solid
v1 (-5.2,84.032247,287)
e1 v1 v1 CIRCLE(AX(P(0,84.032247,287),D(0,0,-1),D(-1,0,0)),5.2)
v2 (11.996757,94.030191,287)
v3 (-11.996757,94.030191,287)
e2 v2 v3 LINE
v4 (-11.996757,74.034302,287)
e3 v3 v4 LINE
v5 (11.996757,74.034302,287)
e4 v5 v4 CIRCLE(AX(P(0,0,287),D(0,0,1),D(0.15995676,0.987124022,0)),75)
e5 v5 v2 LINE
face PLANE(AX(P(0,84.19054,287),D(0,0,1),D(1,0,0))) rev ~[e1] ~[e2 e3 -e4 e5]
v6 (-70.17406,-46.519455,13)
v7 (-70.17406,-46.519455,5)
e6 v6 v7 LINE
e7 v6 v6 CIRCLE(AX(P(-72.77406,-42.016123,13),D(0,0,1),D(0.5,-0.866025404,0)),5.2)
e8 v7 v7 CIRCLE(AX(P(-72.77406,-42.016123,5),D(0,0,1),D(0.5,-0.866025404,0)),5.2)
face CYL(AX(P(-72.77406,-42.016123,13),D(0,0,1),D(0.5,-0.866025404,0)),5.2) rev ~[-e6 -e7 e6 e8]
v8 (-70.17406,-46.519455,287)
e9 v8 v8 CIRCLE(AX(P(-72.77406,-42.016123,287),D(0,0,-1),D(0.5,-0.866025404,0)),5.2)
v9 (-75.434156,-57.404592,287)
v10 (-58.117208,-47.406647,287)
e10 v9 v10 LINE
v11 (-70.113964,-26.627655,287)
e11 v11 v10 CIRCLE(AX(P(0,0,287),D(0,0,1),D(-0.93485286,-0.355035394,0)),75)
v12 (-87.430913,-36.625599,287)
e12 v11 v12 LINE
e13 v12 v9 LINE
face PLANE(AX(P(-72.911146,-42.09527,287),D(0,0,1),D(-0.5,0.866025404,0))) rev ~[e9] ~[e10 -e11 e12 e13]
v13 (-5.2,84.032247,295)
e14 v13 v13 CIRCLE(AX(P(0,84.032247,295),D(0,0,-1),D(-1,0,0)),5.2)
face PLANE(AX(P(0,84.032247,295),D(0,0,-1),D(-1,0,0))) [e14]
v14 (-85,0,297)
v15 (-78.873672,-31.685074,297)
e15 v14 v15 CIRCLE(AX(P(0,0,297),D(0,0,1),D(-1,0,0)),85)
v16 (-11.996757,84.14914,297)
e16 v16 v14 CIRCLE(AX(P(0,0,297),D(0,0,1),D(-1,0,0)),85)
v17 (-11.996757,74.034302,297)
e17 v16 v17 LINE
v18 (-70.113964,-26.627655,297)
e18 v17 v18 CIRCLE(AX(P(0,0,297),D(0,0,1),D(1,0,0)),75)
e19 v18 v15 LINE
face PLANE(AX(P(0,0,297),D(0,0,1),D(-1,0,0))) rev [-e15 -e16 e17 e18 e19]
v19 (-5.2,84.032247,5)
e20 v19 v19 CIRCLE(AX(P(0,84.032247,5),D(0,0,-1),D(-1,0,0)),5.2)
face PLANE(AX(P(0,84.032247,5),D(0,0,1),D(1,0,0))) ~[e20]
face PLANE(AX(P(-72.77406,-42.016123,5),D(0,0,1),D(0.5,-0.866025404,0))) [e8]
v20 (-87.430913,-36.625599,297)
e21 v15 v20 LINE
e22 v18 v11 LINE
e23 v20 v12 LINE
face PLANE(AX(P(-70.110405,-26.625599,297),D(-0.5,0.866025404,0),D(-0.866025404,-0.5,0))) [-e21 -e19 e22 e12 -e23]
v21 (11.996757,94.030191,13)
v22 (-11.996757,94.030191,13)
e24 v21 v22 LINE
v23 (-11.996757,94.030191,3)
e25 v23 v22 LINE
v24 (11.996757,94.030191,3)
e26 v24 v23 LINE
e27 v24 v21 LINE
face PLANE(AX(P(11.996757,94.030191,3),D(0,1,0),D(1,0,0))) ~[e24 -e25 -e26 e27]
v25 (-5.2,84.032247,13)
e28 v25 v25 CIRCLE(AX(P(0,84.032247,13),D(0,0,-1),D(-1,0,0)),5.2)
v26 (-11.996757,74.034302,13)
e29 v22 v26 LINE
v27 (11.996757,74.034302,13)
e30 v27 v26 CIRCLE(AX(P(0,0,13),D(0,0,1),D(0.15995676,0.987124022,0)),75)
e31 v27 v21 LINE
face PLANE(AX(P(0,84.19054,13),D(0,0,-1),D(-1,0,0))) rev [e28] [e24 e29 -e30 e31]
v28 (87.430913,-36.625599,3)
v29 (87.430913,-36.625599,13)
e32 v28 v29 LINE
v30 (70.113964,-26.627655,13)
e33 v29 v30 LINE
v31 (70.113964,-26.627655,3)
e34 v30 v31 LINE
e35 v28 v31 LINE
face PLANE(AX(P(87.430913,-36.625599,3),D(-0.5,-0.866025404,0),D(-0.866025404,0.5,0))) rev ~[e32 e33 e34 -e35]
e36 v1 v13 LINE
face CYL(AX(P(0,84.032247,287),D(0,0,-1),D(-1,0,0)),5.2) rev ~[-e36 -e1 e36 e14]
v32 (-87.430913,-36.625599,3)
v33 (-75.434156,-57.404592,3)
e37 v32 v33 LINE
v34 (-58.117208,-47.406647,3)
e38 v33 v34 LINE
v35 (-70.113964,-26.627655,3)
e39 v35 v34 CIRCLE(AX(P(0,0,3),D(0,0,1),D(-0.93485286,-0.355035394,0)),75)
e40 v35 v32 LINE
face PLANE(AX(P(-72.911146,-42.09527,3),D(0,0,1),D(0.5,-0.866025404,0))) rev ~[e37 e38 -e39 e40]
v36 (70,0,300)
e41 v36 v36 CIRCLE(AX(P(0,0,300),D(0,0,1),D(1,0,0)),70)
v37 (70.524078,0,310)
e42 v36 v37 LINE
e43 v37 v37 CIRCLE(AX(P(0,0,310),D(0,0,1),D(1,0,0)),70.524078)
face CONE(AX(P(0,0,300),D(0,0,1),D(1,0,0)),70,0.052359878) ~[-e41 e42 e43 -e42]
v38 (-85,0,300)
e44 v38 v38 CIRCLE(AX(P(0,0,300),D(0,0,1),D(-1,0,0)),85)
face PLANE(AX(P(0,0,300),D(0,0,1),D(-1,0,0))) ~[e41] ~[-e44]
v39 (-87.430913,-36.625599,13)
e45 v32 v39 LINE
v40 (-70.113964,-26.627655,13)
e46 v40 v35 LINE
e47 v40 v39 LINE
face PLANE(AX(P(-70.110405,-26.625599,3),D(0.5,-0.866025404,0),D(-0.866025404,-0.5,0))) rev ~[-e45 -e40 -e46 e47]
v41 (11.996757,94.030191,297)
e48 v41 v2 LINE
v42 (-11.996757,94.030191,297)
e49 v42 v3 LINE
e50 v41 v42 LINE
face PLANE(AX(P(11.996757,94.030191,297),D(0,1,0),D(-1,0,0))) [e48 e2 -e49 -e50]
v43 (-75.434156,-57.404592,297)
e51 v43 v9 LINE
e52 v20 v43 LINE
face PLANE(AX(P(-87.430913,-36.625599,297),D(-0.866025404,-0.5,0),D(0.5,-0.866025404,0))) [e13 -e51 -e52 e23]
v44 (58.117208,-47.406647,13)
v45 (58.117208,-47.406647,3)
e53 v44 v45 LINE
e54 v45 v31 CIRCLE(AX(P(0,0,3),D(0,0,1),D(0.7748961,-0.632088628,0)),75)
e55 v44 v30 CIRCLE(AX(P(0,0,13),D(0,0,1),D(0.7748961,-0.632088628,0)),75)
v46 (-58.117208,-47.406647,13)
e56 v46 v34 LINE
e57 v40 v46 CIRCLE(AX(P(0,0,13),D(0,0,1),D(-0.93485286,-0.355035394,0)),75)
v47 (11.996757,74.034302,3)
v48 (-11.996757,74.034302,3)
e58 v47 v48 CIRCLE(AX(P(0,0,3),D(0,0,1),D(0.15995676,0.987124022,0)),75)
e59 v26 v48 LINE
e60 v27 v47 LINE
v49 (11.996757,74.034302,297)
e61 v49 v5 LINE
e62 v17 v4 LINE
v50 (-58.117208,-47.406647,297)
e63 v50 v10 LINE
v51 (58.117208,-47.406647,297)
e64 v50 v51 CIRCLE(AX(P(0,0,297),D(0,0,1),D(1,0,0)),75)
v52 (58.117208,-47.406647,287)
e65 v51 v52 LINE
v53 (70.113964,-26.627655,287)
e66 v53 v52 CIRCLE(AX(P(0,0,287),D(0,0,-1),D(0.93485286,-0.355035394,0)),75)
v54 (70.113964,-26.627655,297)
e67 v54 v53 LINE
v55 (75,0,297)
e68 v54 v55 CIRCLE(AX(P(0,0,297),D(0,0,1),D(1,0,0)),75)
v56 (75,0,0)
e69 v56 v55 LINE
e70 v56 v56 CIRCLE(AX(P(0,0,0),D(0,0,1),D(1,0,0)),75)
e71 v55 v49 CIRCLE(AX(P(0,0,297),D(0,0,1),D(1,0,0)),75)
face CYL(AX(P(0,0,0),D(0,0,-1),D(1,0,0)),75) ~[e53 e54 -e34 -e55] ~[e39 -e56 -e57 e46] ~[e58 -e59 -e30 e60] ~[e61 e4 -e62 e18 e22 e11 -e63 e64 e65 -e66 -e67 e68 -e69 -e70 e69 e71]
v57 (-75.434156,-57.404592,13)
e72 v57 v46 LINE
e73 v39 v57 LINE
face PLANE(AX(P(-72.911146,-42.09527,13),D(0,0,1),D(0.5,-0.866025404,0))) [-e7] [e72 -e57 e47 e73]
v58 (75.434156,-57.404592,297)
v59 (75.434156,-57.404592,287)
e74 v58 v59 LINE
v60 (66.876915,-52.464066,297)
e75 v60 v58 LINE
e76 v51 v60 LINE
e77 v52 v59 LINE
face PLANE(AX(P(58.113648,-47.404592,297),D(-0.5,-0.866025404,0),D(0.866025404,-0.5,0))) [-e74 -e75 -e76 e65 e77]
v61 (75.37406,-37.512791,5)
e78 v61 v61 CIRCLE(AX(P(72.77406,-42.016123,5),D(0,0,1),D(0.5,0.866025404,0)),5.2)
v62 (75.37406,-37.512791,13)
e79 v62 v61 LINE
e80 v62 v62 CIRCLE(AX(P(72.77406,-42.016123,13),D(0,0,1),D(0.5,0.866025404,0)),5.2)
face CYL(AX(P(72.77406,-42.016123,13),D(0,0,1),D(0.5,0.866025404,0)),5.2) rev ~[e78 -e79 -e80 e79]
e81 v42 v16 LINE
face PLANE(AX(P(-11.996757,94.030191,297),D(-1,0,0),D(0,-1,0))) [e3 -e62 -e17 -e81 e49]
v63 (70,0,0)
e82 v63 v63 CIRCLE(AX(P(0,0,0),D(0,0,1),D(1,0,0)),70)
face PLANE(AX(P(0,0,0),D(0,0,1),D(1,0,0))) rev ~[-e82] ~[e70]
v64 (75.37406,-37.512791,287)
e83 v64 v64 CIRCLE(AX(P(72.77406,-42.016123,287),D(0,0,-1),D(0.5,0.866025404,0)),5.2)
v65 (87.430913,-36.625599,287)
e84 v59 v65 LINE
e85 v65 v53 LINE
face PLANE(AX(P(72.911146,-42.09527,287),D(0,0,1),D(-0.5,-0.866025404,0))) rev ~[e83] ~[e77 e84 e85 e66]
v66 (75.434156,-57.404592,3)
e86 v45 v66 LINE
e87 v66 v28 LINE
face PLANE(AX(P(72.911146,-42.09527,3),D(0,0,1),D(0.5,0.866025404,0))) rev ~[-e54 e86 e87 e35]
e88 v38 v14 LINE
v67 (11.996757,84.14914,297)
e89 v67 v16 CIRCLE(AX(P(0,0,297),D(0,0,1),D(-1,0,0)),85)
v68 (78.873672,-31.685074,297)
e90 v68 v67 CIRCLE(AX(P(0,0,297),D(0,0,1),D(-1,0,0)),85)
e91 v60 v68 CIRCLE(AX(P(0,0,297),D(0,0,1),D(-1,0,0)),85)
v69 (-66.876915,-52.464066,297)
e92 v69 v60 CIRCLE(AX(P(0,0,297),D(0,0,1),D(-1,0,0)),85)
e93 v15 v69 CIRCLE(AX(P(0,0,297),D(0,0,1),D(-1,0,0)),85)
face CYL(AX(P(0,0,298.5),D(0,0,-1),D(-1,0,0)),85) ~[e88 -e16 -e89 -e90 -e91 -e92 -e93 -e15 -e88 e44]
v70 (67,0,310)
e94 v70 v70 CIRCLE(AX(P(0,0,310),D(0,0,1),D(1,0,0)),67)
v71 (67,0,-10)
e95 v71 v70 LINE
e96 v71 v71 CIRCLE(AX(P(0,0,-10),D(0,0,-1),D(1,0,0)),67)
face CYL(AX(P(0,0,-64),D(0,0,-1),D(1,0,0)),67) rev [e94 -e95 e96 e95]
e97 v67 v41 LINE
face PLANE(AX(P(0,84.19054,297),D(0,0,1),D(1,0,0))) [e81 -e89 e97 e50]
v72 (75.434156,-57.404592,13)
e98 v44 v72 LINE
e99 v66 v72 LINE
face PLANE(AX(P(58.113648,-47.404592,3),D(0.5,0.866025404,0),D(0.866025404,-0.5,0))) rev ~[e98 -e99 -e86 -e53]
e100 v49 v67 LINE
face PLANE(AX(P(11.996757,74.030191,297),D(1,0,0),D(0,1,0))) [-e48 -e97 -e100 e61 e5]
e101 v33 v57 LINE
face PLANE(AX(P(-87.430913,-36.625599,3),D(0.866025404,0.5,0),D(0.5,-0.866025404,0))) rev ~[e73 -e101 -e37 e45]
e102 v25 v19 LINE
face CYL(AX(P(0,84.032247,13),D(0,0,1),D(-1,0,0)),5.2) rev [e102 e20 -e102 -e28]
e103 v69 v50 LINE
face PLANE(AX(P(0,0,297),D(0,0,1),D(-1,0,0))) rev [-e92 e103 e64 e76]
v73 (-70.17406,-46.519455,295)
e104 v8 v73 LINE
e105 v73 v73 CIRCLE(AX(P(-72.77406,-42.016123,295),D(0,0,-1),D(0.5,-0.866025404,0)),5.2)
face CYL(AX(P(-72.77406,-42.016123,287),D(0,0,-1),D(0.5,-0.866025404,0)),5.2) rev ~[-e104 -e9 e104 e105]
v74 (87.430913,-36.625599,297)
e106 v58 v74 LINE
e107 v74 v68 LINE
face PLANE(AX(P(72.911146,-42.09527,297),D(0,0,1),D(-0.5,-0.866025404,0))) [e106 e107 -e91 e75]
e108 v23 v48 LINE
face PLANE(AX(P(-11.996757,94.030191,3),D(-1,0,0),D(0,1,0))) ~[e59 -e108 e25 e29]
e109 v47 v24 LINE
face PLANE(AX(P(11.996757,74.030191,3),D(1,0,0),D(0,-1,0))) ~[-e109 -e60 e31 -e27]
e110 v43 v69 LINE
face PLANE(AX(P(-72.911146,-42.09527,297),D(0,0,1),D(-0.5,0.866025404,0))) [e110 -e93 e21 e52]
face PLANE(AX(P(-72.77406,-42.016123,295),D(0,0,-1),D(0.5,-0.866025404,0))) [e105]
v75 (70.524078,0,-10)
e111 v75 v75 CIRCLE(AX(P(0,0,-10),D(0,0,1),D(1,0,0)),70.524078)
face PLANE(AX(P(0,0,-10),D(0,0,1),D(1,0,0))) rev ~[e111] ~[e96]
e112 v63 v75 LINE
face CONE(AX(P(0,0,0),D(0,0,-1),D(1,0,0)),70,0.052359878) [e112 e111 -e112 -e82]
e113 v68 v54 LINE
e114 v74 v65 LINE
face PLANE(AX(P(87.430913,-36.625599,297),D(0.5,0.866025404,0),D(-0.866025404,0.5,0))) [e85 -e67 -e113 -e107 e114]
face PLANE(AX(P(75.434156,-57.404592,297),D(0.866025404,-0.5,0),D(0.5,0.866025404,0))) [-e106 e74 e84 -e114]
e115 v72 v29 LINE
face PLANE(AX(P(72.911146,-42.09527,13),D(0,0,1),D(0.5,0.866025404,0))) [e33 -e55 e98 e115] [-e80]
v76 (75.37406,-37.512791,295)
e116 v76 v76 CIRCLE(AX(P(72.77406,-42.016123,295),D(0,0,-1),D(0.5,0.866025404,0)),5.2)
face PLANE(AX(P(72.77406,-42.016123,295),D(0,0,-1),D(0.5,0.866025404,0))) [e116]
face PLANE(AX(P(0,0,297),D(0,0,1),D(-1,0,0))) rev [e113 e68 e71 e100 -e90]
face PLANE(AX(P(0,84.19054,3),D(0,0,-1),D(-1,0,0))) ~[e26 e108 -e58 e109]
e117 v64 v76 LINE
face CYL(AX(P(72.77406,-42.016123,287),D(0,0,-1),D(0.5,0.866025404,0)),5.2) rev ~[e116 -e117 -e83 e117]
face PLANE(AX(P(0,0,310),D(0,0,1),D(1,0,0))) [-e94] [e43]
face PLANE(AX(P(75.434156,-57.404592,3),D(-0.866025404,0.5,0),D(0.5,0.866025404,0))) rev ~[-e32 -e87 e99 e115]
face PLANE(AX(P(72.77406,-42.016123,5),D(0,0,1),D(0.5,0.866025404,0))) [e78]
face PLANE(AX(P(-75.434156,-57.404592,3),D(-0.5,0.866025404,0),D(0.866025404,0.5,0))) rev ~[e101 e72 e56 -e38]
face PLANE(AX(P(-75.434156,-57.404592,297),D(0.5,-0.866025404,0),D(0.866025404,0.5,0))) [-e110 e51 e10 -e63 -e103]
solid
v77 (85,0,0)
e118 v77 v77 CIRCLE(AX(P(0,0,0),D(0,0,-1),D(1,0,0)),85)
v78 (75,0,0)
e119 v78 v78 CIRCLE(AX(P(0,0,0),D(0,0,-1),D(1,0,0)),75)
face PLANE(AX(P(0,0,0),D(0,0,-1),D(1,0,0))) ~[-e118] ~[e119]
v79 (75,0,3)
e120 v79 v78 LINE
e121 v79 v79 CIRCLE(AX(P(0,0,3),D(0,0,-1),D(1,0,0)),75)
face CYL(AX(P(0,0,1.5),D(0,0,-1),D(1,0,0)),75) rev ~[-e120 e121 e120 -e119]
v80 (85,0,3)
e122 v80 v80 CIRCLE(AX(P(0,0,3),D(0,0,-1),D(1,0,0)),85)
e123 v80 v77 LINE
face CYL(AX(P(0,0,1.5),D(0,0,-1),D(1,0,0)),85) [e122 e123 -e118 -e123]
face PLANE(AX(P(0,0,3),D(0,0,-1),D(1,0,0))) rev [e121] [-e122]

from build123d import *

# Parameters (mm, degrees)
SKETCH3_R                         = 75
MAIN_BODY_DEPTH                   = 300
SKETCH16_R                        = 70
EXTENSION_1_DEPTH                 = 10
EXTENSION_1_DRAFT                 = -3
SKETCH23_R                        = 67
CUT_EXTRUDE11_DEPTH               = 333
SKETCH35_W                        = 3
SKETCH35_H                        = 10
SKETCH37_W                        = 3
SKETCH37_H                        = 10
SKETCH46_R                        = 70
EXTENSION_2_DEPTH                 = 10
EXTENSION_2_DRAFT                 = 3
CUT_EXTRUDE16_DEPTH               = 34
CUT_EXTRUDE16_DEPTH_BACK          = 64
SKETCH47_R                        = 67
RODEHOLDER_DEPTH                  = 10
SKETCH55_R                        = 5.2
RODEHOLDERHOLE_DEPTH              = 8
RODEHOLDERPATTERN_COUNT           = 3
RODEHOLDERPATTERN_COPY_1_DEPTH    = 10
RODEHOLDERPATTERN_COPY_2_DEPTH    = 10
RODEHOLDERPATTERN_COPY_3_SKETCH_R = 5.2
RODEHOLDERPATTERN_COPY_3_DEPTH    = 8
RODEHOLDERPATTERN_COPY_4_SKETCH_R = 5.2
RODEHOLDERPATTERN_COPY_4_DEPTH    = 8


with BuildPart() as part:
    # Sketch3 → Main Body (new body)
    with BuildSketch(Plane.XY):
        Circle(SKETCH3_R)
    extrude(amount=MAIN_BODY_DEPTH)


with BuildPart() as extension_1_tool:
    # Sketch16 → Extension 1 (with draft: the straight prism first)
    with BuildSketch(Plane.XY.offset(300)):
        Circle(SKETCH16_R)
    extrude(amount=EXTENSION_1_DEPTH)
    # Extension 1: the draft: its side faces are tilted about the plane it starts from
    extension_1_sides = [extension_1_tool.faces().sort_by_distance(p)[0] for p in [
        (-70, 0, 305),
    ]]
    draft(extension_1_sides, Plane.XY.offset(300), EXTENSION_1_DRAFT)


with BuildPart() as part_1:
    add(part.part)

    # Extension 1: add extension_1_tool
    add(extension_1_tool.part)

    # Sketch23 → Cut-Extrude11 (cut)
    with BuildSketch(Plane.XY.offset(310)):
        Circle(SKETCH23_R)
    extrude(amount=-CUT_EXTRUDE11_DEPTH, mode=Mode.SUBTRACT)


with BuildPart() as body_2:
    # Sketch35 → Revolve7 (revolve)
    with BuildSketch(Plane(origin=(0, 0, 0), x_dir=(0, 0, -1), z_dir=(1, 0, 0)), mode=Mode.PRIVATE) as revolve7_sk:
        with Locations((-298.5, 80)):
            Rectangle(SKETCH35_W, SKETCH35_H)
    revolve(revolve7_sk.sketch.rotate(Axis((0, 0, -28.786578701), (0, 0, 1)), 90), axis=Axis((0, 0, -28.786578701), (0, 0, 1)))


with BuildPart() as body_3:
    # Sketch37 → Revolve11 (revolve)
    with BuildSketch(Plane(origin=(0, 0, 0), x_dir=(0, 0, -1), z_dir=(1, 0, 0)), mode=Mode.PRIVATE) as revolve11_sk:
        with Locations((-1.5, 80)):
            Rectangle(SKETCH37_W, SKETCH37_H)
    revolve(revolve11_sk.sketch.rotate(Axis((0, 0, 339.578392978), (0, 0, -1)), 90), axis=Axis((0, 0, 339.578392978), (0, 0, -1)))


with BuildPart() as extension_2_tool:
    # Sketch46 → Extension 2 (with draft: the straight prism first)
    with BuildSketch(Plane.XY):
        Circle(SKETCH46_R)
    extrude(amount=-EXTENSION_2_DEPTH)
    # Extension 2: the draft: its side faces are tilted about the plane it starts from
    extension_2_sides = [extension_2_tool.faces().sort_by_distance(p)[0] for p in [
        (-70, 0, -5),
    ]]
    draft(extension_2_sides, Plane.XY, EXTENSION_2_DRAFT)


with BuildPart() as part_2:
    add(part_1.part)

    # Extension 2: add extension_2_tool
    add(extension_2_tool.part)

    # Sketch47 → Cut-Extrude16 (cut, two sides: drawn at the far end of the back side and taken through both)
    with BuildSketch(Plane.XY.offset(-CUT_EXTRUDE16_DEPTH_BACK)):
        Circle(SKETCH47_R)
    extrude(amount=CUT_EXTRUDE16_DEPTH + CUT_EXTRUDE16_DEPTH_BACK, mode=Mode.SUBTRACT)


    add(body_2.part)  # RodeHolder merges body 2
    # Sketch49 → RodeHolder (add)
    with BuildSketch(Plane.XY.offset(297)):
        with BuildLine():
            ThreePointArc((-11.996756975, 74.030191347), (-6.017946224, 74.757153125), (0, 75.00000014))
            ThreePointArc((0, 75.00000014), (6.017946224, 74.757153125), (11.996756975, 74.030191347))
            Line((11.996756975, 74.030191347), (11.996756975, 94.030191347))
            Line((11.996756975, 94.030191347), (-11.996756975, 94.030191347))
            Line((-11.996756975, 94.030191347), (-11.996756975, 74.030191347))
        make_face()
    rodeholder = extrude(amount=-RODEHOLDER_DEPTH)

    # Sketch55 → RodeHolderHole (cut)
    with BuildSketch(Plane(origin=(0, 0, 287), x_dir=(-1, 0, 0), z_dir=(0, 0, -1))):
        with Locations((0, 84.032246503)):
            Circle(SKETCH55_R)
    rodeholderhole = extrude(amount=-RODEHOLDERHOLE_DEPTH, mode=Mode.SUBTRACT)

    # RodeHolderMirror: RodeHolder across plane
    add(rodeholder.mirror(Plane.XY.offset(150)))

    # RodeHolderMirror 2: RodeHolderHole across plane
    add(rodeholderhole.mirror(Plane.XY.offset(150)), mode=Mode.SUBTRACT)

    # RodeHolderPattern: RodeHolder, RodeHolderHole ×3 about axis
    rodeholderpattern_axis = Axis((0, 0, 0), (0, 0, 1))
    add([rodeholder.rotate(rodeholderpattern_axis, i * 360 / RODEHOLDERPATTERN_COUNT) for i in range(1, RODEHOLDERPATTERN_COUNT)])
    add([rodeholderhole.rotate(rodeholderpattern_axis, i * 360 / RODEHOLDERPATTERN_COUNT) for i in range(1, RODEHOLDERPATTERN_COUNT)], mode=Mode.SUBTRACT)

    # RodeHolderPattern copy 1 sketch → RodeHolderPattern copy 1 (add)
    with BuildSketch(Plane(origin=(0, 0, 3), x_dir=(-0.4999999999999998, 0.8660254037844387, 0), z_dir=(0, 0, -1))):
        with BuildLine():
            ThreePointArc((-11.996756975, -74.030191347), (-6.017946224, -74.757153125), (0, -75.00000014))
            ThreePointArc((0, -75.00000014), (6.017946224, -74.757153125), (11.996756975, -74.030191347))
            Line((11.996756975, -74.030191347), (11.996756975, -94.030191347))
            Line((11.996756975, -94.030191347), (-11.996756975, -94.030191347))
            Line((-11.996756975, -94.030191347), (-11.996756975, -74.030191347))
        make_face()
    extrude(amount=-RODEHOLDERPATTERN_COPY_1_DEPTH)

    # RodeHolderPattern copy 2 sketch → RodeHolderPattern copy 2 (add)
    with BuildSketch(Plane(origin=(0, 0, 3), x_dir=(-0.5000000000000004, -0.8660254037844384, 0), z_dir=(0, 0, -1))):
        with BuildLine():
            ThreePointArc((-11.996756975, -74.030191347), (-6.017946224, -74.757153125), (0, -75.00000014))
            ThreePointArc((0, -75.00000014), (6.017946224, -74.757153125), (11.996756975, -74.030191347))
            Line((11.996756975, -74.030191347), (11.996756975, -94.030191347))
            Line((11.996756975, -94.030191347), (-11.996756975, -94.030191347))
            Line((-11.996756975, -94.030191347), (-11.996756975, -74.030191347))
        make_face()
    extrude(amount=-RODEHOLDERPATTERN_COPY_2_DEPTH)

    # RodeHolderPattern copy 3 sketch → RodeHolderPattern copy 3 (cut)
    with BuildSketch(Plane(origin=(0, 0, 13), x_dir=(0.4999999999999998, -0.8660254037844387, 0), z_dir=(0, 0, 1))):
        with Locations((0, -84.032246503)):
            Circle(RODEHOLDERPATTERN_COPY_3_SKETCH_R)
    extrude(amount=-RODEHOLDERPATTERN_COPY_3_DEPTH, mode=Mode.SUBTRACT)

    # RodeHolderPattern copy 4 sketch → RodeHolderPattern copy 4 (cut)
    with BuildSketch(Plane(origin=(0, 0, 13), x_dir=(0.5000000000000004, 0.8660254037844384, 0), z_dir=(0, 0, 1))):
        with Locations((0, -84.032246503)):
            Circle(RODEHOLDERPATTERN_COPY_4_SKETCH_R)
    extrude(amount=-RODEHOLDERPATTERN_COPY_4_DEPTH, mode=Mode.SUBTRACT)


solid = Compound([body_3.part, part_2.part])
